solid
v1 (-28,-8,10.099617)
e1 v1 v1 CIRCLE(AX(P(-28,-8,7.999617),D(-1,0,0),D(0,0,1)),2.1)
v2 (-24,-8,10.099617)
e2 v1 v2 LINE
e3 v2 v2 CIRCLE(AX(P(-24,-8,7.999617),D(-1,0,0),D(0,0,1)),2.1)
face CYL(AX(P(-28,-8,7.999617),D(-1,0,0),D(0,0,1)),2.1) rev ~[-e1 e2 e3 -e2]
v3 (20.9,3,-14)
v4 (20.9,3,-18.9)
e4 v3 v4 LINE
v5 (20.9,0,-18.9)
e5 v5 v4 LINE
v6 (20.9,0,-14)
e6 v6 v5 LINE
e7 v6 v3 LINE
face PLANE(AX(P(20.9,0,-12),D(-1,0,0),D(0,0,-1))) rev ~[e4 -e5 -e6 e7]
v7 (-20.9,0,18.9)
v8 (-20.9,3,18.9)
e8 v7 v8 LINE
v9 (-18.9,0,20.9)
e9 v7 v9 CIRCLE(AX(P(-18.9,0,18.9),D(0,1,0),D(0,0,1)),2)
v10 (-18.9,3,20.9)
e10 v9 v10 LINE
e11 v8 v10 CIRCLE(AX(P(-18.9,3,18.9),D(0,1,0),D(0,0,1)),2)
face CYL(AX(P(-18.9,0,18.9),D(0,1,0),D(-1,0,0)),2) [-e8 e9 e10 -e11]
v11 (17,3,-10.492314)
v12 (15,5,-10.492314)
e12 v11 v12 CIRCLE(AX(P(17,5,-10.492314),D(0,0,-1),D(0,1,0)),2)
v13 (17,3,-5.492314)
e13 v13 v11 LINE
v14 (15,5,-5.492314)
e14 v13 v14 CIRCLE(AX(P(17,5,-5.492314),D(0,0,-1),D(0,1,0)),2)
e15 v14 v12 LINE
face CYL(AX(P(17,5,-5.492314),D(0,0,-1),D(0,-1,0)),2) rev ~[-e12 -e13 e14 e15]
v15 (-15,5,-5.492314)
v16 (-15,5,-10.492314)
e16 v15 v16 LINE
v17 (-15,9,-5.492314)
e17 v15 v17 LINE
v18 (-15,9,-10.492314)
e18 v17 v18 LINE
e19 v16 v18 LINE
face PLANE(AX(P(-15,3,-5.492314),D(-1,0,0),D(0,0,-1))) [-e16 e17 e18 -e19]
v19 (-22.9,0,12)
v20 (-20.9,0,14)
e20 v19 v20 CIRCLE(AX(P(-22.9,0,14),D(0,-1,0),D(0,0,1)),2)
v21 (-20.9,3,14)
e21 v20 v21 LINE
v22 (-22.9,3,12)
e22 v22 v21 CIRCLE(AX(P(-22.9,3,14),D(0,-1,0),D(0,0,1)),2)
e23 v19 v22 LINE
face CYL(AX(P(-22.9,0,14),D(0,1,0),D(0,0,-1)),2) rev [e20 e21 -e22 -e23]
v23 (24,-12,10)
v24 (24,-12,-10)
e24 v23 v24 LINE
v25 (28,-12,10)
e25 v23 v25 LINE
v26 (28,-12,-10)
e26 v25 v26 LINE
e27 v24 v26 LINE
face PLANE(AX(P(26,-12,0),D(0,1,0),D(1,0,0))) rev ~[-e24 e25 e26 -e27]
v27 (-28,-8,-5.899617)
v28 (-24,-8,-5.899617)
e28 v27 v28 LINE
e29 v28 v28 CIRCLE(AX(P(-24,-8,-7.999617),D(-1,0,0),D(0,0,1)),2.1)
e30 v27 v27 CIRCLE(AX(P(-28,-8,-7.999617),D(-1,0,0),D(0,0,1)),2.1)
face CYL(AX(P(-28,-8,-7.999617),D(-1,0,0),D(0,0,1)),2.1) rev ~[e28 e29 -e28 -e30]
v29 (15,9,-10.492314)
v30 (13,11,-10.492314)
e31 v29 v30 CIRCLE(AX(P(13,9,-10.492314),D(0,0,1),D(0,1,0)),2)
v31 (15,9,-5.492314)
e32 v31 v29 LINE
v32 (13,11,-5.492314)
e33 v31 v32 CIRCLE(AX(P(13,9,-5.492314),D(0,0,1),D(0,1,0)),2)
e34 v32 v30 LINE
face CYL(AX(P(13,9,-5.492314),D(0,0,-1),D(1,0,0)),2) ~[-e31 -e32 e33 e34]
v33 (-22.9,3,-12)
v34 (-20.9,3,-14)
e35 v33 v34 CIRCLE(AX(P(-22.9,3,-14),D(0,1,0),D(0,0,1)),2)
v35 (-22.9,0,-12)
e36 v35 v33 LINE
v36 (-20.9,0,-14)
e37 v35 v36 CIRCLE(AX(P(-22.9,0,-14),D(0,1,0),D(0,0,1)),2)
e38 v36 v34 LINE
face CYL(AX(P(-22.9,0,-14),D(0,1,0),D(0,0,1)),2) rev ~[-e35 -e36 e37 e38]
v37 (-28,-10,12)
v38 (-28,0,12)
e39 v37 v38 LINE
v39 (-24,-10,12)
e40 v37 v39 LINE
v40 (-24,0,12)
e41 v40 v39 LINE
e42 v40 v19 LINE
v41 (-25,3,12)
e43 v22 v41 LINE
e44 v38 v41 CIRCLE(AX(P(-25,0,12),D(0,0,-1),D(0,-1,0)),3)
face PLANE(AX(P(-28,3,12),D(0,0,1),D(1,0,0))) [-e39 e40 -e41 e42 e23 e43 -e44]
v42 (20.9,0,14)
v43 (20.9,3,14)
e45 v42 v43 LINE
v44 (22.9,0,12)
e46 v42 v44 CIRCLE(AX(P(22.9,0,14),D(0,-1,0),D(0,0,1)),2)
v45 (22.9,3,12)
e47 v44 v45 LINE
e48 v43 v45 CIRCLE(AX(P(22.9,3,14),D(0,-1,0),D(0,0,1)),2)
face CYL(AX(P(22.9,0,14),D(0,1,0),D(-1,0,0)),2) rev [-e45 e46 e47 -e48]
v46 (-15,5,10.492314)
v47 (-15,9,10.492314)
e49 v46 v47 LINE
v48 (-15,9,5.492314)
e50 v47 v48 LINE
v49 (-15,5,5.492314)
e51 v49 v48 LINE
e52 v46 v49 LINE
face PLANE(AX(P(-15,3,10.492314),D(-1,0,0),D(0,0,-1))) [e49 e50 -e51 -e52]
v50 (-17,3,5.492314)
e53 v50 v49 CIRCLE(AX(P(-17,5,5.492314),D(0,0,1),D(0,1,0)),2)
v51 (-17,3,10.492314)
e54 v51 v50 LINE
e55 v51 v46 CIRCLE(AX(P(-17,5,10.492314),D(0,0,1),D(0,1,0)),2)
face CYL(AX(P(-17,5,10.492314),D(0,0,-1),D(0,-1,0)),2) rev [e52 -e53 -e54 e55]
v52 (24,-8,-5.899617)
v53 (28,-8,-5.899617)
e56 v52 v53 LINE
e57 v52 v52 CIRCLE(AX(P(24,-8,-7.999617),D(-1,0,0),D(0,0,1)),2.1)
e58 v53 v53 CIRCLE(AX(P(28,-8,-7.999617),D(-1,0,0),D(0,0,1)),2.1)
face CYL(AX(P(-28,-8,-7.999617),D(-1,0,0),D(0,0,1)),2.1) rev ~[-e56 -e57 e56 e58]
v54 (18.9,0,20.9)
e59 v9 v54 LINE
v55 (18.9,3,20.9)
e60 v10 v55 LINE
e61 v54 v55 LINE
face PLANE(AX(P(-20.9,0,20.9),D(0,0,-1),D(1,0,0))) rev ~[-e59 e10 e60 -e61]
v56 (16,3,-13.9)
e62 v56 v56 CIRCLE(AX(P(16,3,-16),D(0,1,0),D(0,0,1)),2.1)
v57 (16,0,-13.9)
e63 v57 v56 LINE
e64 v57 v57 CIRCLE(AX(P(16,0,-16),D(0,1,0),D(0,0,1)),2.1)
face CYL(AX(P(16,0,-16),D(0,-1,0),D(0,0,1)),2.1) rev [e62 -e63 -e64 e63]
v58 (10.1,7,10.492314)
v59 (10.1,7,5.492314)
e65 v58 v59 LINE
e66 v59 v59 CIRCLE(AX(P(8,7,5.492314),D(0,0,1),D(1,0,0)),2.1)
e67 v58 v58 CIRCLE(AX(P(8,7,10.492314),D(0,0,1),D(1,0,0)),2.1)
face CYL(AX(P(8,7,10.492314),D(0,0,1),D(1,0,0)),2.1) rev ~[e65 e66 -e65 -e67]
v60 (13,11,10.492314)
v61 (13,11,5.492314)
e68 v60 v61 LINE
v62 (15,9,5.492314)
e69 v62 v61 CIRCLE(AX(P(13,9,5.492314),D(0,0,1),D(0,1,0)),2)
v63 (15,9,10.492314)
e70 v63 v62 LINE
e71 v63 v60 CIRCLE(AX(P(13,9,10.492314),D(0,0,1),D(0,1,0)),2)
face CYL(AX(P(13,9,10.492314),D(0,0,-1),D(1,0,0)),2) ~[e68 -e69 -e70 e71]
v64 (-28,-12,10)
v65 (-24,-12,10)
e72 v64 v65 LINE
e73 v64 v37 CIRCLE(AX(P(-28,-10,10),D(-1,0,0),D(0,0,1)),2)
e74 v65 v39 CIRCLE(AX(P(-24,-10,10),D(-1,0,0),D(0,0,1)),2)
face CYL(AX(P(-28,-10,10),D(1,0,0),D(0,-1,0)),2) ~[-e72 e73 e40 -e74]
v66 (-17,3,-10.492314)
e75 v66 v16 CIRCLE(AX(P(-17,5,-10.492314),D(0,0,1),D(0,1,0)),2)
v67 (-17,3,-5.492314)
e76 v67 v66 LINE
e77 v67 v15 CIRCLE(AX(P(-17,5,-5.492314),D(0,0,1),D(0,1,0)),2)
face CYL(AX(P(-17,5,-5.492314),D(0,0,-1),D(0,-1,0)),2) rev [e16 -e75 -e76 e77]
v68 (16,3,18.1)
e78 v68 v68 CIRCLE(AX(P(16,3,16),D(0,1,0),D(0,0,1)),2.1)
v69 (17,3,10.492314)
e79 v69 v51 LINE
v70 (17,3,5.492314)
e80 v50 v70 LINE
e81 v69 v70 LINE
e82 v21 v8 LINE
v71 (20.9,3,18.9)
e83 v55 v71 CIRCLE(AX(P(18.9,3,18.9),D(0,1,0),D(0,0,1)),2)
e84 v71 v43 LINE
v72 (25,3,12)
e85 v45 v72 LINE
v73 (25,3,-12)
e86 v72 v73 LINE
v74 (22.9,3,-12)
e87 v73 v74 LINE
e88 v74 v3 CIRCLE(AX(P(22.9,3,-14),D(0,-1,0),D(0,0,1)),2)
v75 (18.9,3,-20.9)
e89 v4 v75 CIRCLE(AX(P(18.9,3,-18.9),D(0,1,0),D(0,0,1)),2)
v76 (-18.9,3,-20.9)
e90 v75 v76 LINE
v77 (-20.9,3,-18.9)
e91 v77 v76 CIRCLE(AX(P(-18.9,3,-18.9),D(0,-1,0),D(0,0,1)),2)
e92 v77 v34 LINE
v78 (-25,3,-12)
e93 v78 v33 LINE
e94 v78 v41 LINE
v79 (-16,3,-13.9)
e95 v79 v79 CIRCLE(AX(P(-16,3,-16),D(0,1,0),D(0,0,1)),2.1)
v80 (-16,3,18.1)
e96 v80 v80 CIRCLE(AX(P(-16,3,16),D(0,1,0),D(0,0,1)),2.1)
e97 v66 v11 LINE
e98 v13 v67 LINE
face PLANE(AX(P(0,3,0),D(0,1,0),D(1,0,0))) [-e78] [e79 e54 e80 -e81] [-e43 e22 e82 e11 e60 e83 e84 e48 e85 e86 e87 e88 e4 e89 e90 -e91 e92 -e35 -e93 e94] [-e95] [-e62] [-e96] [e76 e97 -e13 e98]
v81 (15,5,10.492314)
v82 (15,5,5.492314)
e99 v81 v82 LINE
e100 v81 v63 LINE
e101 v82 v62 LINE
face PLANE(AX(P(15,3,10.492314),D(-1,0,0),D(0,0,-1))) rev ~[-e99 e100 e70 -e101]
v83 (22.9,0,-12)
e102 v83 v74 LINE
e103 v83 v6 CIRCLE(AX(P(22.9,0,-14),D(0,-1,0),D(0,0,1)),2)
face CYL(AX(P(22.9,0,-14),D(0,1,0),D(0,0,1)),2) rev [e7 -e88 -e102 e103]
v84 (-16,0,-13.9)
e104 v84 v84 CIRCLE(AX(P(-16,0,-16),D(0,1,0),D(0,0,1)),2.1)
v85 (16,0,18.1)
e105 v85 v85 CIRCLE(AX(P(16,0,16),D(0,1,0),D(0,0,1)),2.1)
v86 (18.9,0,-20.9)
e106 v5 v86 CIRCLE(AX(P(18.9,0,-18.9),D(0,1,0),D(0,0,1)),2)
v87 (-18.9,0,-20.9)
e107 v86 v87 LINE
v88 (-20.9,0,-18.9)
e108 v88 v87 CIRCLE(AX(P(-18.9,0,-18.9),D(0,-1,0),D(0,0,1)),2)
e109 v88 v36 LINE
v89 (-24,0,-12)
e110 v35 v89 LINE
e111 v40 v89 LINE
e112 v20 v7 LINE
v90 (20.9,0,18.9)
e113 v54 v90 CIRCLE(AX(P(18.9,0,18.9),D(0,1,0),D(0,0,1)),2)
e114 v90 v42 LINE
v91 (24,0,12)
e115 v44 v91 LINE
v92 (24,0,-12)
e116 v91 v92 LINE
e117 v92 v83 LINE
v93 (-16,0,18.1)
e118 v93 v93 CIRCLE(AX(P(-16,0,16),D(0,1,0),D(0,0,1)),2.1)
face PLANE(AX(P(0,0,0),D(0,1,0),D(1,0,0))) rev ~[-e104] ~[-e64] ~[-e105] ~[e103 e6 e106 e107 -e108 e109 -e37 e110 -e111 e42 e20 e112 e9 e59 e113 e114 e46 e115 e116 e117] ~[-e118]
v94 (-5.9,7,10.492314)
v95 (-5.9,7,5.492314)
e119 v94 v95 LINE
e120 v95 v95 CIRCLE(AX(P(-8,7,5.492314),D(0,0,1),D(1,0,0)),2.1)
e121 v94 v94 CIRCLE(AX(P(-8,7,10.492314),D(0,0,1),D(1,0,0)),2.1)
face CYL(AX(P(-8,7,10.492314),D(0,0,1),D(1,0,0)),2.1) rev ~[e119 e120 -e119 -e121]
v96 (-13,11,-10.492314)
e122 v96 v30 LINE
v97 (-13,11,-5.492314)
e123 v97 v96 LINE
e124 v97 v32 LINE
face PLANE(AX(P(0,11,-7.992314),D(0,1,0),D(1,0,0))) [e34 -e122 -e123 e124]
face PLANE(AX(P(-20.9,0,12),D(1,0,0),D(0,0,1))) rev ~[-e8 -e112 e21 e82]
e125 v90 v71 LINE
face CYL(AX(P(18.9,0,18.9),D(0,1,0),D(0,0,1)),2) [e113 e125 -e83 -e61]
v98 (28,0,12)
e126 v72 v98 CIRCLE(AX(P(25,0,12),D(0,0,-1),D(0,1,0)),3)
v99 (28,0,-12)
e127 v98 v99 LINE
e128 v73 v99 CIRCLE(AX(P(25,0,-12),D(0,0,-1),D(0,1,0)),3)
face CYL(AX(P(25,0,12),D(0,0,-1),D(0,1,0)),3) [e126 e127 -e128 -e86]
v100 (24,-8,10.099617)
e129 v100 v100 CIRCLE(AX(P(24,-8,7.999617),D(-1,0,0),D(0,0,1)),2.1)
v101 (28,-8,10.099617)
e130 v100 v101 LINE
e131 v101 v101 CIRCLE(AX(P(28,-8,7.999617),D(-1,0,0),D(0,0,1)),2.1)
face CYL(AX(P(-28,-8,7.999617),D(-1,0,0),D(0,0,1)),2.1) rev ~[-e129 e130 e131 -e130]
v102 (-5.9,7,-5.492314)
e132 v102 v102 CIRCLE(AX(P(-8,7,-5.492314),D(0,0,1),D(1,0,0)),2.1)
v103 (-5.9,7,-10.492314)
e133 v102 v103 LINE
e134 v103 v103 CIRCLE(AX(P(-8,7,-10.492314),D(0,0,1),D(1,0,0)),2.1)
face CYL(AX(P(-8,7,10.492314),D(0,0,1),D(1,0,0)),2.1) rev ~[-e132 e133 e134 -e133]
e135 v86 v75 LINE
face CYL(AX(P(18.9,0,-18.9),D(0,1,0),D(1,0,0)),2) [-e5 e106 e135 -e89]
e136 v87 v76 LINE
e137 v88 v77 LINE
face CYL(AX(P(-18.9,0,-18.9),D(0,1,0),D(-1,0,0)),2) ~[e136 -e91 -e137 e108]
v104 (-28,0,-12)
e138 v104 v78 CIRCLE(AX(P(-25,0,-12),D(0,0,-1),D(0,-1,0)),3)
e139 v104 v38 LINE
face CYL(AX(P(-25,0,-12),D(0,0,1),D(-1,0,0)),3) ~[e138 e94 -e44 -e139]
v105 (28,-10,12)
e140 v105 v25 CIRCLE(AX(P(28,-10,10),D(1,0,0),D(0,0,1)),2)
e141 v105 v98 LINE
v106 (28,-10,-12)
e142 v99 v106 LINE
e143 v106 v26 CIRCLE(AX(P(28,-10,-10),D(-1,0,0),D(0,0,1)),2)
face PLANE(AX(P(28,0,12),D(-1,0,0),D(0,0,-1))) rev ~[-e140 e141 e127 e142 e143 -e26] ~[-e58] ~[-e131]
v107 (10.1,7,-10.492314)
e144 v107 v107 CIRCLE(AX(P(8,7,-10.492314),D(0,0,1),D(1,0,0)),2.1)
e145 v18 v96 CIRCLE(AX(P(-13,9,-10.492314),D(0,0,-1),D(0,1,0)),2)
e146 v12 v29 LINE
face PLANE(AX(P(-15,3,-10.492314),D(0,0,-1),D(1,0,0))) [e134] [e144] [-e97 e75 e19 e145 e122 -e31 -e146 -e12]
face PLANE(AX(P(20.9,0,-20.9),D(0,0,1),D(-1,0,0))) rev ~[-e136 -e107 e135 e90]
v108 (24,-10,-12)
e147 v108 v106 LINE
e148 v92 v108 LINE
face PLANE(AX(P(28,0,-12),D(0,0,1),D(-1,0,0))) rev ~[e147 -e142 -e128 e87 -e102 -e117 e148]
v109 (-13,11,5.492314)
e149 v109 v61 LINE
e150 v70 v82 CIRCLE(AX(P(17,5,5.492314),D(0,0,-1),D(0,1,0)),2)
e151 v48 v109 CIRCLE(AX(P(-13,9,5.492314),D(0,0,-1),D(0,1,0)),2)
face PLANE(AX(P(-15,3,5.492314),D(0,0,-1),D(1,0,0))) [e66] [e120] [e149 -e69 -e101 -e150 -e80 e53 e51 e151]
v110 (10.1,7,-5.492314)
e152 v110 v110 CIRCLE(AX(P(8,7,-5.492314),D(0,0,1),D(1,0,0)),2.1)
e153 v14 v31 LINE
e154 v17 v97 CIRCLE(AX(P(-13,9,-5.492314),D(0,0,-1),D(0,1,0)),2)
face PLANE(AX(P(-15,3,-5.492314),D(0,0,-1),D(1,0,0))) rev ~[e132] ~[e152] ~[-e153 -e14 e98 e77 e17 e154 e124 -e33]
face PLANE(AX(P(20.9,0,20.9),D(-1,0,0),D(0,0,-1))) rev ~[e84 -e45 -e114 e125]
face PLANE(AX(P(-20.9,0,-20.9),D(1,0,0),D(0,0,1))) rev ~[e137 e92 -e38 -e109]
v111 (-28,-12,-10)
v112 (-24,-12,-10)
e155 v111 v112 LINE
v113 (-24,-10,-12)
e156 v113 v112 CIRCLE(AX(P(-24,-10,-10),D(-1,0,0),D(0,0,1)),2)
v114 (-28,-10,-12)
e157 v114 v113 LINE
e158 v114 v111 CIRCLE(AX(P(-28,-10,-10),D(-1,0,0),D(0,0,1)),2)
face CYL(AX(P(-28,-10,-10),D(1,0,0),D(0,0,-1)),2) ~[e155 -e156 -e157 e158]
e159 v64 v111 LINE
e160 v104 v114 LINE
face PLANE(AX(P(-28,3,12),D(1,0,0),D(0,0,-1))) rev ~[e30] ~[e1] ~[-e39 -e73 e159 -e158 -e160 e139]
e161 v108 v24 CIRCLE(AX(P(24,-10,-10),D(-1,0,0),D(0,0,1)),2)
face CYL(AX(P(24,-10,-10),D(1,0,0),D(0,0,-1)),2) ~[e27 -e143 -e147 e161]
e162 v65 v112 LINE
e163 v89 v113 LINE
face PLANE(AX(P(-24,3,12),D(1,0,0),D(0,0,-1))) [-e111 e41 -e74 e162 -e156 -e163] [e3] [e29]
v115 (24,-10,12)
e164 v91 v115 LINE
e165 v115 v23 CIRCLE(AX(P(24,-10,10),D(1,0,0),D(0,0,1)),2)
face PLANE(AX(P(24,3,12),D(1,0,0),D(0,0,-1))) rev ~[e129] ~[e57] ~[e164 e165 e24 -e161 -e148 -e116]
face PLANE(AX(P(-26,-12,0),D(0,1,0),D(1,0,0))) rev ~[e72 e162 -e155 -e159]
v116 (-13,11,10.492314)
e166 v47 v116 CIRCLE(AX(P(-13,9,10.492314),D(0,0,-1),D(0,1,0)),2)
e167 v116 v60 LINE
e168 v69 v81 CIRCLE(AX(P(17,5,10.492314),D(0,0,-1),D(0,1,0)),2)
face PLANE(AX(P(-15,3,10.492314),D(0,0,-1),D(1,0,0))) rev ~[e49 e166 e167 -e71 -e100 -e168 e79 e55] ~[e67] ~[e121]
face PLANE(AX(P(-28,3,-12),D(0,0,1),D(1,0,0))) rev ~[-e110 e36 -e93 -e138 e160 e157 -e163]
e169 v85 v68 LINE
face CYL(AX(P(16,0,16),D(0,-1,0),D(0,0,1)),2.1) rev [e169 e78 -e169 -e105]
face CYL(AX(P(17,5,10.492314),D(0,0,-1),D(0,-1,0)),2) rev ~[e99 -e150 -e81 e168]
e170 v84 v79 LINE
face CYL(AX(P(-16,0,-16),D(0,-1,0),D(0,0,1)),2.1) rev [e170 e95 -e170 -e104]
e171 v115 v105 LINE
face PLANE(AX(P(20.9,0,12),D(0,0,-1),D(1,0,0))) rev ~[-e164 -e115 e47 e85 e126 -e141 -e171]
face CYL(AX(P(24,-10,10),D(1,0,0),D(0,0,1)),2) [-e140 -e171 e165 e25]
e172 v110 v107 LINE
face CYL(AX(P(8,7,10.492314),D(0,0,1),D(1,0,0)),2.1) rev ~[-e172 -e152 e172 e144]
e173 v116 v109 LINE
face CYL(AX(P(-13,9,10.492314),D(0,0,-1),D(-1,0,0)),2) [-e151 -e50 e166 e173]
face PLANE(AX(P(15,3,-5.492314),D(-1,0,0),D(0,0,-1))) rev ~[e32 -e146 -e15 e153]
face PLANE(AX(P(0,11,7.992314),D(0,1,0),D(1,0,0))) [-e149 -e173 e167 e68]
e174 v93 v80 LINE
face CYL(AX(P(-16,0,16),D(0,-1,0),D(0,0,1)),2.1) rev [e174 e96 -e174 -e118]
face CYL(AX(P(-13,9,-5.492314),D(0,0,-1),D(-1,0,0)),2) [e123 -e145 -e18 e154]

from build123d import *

# Parameters (mm, degrees)
SKETCH1_R           = 2.1
BOSS_EXTRUDE1_DEPTH = 3
SKETCH2_W           = 4
SKETCH2_H           = 24
BOSS_EXTRUDE2_DEPTH = 15
SKETCH5_R           = 2.1
CUT_EXTRUDE3_DEPTH  = 65
FILLET2_R           = 2
FILLET3_R           = 3
SKETCH6_W           = 30
SKETCH6_H           = 5
BOSS_EXTRUDE3_DEPTH = 8
FILLET5_R           = 2
SKETCH9_R           = 2.1
CUT_EXTRUDE8_DEPTH  = 34


with BuildPart() as part:
    # Sketch1 → Boss-Extrude1 (new body)
    with BuildSketch(Plane(origin=(0, 0, 0), x_dir=(1, 0, 0), z_dir=(0, 1, 0))):
        Polygon((-20.9, -20.9), (20.9, -20.9), (20.9, -12), (28, -12), (28, 12), (20.9, 12), (20.9, 20.9), (-20.9, 20.9), (-20.9, 12), (-28, 12), (-28, -12), (-20.9, -12), align=None)
        with Locations(Location((-16, 16, 0), (0, 0, 270))):
            Circle(SKETCH1_R, mode=Mode.SUBTRACT)
        with Locations(Location((16, 16, 0), (0, 0, 270))):
            Circle(SKETCH1_R, mode=Mode.SUBTRACT)
        with Locations(Location((16, -16, 0), (0, 0, 270))):
            Circle(SKETCH1_R, mode=Mode.SUBTRACT)
        with Locations(Location((-16, -16, 0), (0, 0, 270))):
            Circle(SKETCH1_R, mode=Mode.SUBTRACT)
    extrude(amount=BOSS_EXTRUDE1_DEPTH)

    # Sketch2 → Boss-Extrude2 (add)
    with BuildSketch(Plane(origin=(0, 3, 0), x_dir=(1, 0, 0), z_dir=(0, 1, 0))):
        with Locations((-26, 0)):
            Rectangle(SKETCH2_W, SKETCH2_H)
        with Locations((26, 0)):
            Rectangle(SKETCH2_W, SKETCH2_H)
    extrude(amount=-BOSS_EXTRUDE2_DEPTH)

    # Sketch5 → Cut-Extrude3 (cut)
    with BuildSketch(Plane.ZY.offset(28)):
        with Locations((-7.999616758, -8)):
            Circle(SKETCH5_R)
        with Locations((7.999616758, -8)):
            Circle(SKETCH5_R)
    extrude(amount=-CUT_EXTRUDE3_DEPTH, mode=Mode.SUBTRACT)

    # Fillet2
    fillet2_edges = [part.edges().sort_by_distance(p)[0] for p in [
        (-20.9, 1.5, -12),
        (-20.9, 1.5, -20.9),
        (20.9, 1.5, -20.9),
        (20.9, 1.5, -12),
        (20.9, 1.5, 12),
        (20.9, 1.5, 20.9),
        (-20.9, 1.5, 20.9),
        (-20.9, 1.5, 12),
        (-26, -12, -12),
        (-26, -12, 12),
        (26, -12, 12),
        (26, -12, -12),
    ]]
    fillet(fillet2_edges, radius=FILLET2_R)

    # Fillet3
    fillet3_edges = [part.edges().sort_by_distance(p)[0] for p in [
        (28, 3, 0),
        (-28, 3, 0),
    ]]
    fillet(fillet3_edges, radius=FILLET3_R)

    # Sketch6 → Boss-Extrude3 (add)
    with BuildSketch(Plane(origin=(0, 3, 0), x_dir=(1, 0, 0), z_dir=(0, 1, 0))):
        with Locations((0, 7.992313958)):
            Rectangle(SKETCH6_W, SKETCH6_H)
        with Locations((0, -7.992313958)):
            Rectangle(SKETCH6_W, SKETCH6_H)
    extrude(amount=BOSS_EXTRUDE3_DEPTH)

    # Fillet5
    fillet5_edges = [part.edges().sort_by_distance(p)[0] for p in [
        (15, 3, 7.992313958),
        (-15, 3, 7.992313958),
        (15, 11, 7.992313958),
        (-15, 11, 7.992313958),
        (-15, 3, -7.992313958),
        (15, 3, -7.992313958),
        (-15, 11, -7.992313958),
        (15, 11, -7.992313958),
    ]]
    fillet(fillet5_edges, radius=FILLET5_R)

    # Sketch9 → Cut-Extrude8 (cut)
    with BuildSketch(Plane.XY.offset(10.492313958)):
        with Locations((-8, 7)):
            Circle(SKETCH9_R)
        with Locations((8, 7)):
            Circle(SKETCH9_R)
    extrude(amount=-CUT_EXTRUDE8_DEPTH, mode=Mode.SUBTRACT)


solid = part.part
